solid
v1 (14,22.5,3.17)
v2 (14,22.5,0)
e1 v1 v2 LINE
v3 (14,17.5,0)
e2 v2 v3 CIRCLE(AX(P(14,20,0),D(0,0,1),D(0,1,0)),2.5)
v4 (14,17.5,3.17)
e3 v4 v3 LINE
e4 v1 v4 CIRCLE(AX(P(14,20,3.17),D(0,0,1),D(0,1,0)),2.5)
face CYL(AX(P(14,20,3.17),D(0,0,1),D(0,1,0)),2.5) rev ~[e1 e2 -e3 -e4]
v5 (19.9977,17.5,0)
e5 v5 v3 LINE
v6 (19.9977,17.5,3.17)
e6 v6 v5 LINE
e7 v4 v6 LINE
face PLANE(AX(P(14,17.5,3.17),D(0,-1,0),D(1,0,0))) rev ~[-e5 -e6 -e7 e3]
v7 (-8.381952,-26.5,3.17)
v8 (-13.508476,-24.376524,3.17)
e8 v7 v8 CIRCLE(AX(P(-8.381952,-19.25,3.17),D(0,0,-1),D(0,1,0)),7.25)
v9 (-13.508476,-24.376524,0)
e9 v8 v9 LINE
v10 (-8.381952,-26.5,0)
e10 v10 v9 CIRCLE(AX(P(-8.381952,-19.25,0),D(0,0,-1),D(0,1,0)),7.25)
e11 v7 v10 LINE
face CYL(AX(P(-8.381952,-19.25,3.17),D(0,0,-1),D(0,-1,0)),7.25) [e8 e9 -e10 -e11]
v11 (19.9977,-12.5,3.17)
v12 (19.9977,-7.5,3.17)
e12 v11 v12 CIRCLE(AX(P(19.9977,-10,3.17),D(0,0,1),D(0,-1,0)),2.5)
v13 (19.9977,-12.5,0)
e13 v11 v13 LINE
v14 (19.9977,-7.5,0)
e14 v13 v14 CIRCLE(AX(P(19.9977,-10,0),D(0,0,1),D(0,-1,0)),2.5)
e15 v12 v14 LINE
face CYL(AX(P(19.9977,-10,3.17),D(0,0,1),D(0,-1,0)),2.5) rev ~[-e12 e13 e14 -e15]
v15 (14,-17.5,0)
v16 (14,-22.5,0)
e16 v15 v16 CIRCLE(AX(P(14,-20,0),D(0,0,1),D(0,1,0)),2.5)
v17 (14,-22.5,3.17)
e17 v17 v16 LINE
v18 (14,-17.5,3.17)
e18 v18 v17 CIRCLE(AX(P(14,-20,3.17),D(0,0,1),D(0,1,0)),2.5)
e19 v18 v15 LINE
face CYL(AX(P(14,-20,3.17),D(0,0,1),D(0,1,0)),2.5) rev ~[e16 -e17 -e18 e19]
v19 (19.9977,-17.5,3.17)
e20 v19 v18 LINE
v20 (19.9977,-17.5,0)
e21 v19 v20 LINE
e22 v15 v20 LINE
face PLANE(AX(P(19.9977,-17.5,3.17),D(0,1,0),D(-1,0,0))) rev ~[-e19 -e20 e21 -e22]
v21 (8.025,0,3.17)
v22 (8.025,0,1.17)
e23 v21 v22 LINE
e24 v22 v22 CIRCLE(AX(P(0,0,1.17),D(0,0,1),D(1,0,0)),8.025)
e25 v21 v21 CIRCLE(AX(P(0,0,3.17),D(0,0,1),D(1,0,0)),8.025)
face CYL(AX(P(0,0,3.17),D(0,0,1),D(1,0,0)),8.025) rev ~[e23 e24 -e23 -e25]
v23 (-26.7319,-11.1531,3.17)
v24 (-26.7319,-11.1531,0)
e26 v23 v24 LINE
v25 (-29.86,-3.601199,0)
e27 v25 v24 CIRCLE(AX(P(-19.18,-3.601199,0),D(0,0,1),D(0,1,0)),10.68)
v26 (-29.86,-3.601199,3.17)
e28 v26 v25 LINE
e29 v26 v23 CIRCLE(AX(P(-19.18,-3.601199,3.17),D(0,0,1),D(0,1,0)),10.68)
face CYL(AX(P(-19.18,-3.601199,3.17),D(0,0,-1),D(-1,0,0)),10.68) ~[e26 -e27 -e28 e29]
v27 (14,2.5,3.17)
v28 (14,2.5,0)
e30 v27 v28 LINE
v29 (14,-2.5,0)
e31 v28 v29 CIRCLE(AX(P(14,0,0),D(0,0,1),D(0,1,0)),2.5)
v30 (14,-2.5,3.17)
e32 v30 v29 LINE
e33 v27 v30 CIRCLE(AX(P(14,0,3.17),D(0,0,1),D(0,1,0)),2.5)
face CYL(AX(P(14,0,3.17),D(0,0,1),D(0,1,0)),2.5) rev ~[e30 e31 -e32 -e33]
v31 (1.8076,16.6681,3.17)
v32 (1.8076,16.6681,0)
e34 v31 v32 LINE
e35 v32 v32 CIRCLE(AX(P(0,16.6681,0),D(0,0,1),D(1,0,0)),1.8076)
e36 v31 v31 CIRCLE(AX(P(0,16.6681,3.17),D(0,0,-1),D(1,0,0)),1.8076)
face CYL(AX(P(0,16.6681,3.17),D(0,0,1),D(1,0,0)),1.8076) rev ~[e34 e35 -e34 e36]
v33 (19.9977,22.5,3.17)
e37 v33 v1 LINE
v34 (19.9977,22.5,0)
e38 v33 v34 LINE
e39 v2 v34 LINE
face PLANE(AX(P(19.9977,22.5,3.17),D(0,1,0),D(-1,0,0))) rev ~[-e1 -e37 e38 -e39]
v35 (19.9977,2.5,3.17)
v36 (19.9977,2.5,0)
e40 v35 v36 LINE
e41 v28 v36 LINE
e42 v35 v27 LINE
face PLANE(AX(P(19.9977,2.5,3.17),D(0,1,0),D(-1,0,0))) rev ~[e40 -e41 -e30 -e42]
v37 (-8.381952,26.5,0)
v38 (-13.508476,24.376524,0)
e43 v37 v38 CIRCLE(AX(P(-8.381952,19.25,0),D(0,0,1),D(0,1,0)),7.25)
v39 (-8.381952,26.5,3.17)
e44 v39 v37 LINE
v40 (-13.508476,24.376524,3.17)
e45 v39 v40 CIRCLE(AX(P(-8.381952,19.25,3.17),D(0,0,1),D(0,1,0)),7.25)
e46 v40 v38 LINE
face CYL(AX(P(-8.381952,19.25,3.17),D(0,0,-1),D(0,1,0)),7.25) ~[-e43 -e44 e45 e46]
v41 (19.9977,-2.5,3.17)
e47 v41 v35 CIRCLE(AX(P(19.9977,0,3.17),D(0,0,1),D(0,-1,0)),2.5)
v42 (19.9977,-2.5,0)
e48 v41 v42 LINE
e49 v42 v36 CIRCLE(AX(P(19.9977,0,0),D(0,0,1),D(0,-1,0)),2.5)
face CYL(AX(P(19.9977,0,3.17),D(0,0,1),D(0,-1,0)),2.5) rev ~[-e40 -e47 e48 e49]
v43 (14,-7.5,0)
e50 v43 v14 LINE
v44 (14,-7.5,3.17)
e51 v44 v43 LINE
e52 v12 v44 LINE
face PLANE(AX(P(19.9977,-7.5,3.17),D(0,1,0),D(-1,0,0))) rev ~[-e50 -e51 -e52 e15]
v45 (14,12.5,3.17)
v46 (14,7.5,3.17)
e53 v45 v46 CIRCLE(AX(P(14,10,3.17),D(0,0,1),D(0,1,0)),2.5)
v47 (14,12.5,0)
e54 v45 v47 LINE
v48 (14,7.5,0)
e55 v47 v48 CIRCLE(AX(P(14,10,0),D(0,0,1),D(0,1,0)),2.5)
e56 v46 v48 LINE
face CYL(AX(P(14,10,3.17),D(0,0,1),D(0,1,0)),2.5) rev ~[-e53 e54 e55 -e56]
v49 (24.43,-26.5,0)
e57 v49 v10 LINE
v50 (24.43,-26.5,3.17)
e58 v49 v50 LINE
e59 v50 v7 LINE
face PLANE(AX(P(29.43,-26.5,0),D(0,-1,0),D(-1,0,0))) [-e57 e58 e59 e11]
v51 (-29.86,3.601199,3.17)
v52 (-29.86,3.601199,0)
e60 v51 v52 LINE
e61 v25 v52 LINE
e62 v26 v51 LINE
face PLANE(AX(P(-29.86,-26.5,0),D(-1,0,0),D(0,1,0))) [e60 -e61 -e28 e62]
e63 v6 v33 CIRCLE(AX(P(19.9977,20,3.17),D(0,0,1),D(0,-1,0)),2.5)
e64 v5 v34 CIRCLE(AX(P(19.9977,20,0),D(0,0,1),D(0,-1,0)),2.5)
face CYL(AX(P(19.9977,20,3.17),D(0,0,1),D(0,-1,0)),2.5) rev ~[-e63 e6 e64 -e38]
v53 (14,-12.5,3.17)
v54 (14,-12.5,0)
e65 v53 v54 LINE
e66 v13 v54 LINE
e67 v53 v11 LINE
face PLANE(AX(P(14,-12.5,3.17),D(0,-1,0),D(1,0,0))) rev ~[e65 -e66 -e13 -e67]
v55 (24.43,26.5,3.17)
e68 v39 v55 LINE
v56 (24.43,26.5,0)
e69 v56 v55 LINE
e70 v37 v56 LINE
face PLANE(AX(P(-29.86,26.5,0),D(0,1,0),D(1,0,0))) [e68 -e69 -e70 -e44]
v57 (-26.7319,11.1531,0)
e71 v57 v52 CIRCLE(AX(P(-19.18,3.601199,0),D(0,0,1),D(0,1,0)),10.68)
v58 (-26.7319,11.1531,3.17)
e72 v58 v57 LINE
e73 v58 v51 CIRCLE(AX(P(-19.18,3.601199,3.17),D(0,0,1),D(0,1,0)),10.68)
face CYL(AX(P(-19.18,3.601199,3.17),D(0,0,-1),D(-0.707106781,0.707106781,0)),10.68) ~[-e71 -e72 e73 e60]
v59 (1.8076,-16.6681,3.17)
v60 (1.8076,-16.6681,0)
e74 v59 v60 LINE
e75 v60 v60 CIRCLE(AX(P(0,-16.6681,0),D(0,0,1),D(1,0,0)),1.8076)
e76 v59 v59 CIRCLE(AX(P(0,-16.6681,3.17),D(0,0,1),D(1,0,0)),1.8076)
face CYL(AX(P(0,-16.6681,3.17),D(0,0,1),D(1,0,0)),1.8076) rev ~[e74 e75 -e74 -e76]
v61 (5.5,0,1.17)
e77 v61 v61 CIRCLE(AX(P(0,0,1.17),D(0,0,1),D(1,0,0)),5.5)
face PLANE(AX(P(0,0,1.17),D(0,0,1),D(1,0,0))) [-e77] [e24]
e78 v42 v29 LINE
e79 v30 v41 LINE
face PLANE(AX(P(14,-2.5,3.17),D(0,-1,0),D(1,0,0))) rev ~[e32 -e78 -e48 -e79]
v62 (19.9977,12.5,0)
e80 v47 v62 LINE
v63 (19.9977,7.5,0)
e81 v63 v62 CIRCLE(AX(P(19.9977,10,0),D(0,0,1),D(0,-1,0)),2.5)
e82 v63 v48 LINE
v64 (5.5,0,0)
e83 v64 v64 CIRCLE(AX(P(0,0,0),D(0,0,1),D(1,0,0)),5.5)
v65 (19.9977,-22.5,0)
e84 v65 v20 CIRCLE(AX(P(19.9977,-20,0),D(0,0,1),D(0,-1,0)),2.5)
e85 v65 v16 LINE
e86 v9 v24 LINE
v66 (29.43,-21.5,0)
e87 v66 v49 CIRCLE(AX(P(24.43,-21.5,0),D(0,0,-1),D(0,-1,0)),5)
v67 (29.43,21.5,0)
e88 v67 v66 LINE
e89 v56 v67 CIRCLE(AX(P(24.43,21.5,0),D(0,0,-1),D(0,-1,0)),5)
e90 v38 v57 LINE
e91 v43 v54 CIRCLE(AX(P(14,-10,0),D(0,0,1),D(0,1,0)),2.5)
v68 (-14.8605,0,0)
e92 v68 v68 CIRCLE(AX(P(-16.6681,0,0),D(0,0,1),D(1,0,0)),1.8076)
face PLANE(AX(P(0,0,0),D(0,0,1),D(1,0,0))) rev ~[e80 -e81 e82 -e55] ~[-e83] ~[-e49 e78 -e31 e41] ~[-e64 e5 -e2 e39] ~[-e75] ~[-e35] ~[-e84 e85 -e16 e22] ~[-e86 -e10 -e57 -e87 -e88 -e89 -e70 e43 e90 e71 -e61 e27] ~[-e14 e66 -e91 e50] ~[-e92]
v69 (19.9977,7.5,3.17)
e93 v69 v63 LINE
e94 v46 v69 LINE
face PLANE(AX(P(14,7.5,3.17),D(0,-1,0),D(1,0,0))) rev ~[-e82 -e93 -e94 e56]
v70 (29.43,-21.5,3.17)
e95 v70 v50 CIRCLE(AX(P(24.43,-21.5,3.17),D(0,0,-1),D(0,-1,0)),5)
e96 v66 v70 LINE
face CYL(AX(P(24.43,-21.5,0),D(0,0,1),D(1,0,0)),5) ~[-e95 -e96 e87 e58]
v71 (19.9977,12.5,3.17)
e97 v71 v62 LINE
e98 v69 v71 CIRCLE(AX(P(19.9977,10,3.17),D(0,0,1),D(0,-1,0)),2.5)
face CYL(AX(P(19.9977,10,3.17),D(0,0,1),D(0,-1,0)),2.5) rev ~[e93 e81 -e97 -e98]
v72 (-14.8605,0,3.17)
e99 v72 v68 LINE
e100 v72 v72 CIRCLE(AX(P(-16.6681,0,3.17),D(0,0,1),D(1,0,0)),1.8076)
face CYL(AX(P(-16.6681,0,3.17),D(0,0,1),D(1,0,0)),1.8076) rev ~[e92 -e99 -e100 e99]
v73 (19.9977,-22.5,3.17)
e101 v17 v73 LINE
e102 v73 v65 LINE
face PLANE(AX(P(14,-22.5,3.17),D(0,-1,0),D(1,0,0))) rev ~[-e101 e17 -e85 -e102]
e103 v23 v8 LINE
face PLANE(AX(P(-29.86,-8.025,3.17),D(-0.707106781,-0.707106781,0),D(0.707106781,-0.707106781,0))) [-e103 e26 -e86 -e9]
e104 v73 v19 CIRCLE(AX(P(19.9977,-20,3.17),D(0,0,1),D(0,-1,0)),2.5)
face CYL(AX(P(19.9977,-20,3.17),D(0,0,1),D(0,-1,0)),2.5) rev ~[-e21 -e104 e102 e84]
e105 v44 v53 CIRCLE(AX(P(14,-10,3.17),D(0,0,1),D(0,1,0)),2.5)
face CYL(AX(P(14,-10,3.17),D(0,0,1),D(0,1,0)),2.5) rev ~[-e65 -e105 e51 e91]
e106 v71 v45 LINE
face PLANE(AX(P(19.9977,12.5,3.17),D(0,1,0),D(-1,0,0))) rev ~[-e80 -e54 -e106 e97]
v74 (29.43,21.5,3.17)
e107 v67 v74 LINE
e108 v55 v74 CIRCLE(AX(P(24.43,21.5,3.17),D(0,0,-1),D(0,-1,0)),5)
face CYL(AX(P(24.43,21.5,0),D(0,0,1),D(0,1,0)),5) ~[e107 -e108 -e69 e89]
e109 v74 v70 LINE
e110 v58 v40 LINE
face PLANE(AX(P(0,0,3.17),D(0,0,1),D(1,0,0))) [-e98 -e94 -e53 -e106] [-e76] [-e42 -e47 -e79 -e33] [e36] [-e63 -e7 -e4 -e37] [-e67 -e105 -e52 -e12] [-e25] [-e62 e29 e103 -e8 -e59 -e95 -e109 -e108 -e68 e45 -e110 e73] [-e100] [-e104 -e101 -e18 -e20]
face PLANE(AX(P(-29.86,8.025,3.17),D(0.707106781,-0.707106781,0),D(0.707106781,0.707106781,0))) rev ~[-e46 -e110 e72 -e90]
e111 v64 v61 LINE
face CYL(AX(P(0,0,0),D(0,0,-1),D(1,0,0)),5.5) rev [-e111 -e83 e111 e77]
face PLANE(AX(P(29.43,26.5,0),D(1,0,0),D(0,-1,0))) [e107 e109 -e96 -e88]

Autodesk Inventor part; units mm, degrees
ref_plane "YZ Plane" through (0, 0, 0) normal (1, 0, 0) x (0, 1, 0)
ref_plane "XZ Plane" through (0, 0, 0) normal (0, 1, 0) x (-1, 0, 0)
ref_plane "XY Plane" through (0, 0, 0) normal (0, 0, 1) x (1, 0, 0)
sketch "Sketch1" plane through (0, 0, 0) normal (0, 0, 1) x (1, 0, 0)
  line L0 (-29.86, 26.5) -> (29.43, 26.5)
  line L1 (29.43, 26.5) -> (29.43, -26.5)
  line L2 (29.43, -26.5) -> (-29.86, -26.5)
  line L3 (-29.86, -26.5) -> (-29.86, 26.5)
  line L4 (-29.86, 0) -> (29.43, 0) construction
  circle A0 centre (0, 0) radius 5.5
  dimension "d0" = 29.86
  dimension "d1" = 59.29
  dimension "d2" = 53
  dimension "d3" = 11
extrude "Extrusion1" add sketch "Sketch1" along normal blind 3.17
sketch "Sketch2" plane through (0, 0, 3.17) normal (0, 0, 1) x (1, 0, 0)
  circle A0 centre (0, 0) radius 5.5 projected
  line L0 (29.43, -26.5) -> (29.43, 26.5) projected
  line L1 (0, 0) -> (0, 49.2966)
  circle A1 centre (0, 16.6681) radius 1.8076
  circle A2 centre (-16.6681, 0) radius 1.8076
  circle A3 centre (0, -16.6681) radius 1.8076
  dimension "d8" = 180
extrude "Extrusion2" cut sketch "Sketch2" against normal up to next contours A1 L1 | L1 A1 | A2 | A3
sketch "Sketch3" plane through (0, 0, 3.17) normal (0, 0, 1) x (1, 0, 0)
  circle A0 centre (0, 0) radius 5.5 projected
  circle A1 centre (0, 0) radius 8.025
  dimension "d12" = 16.05
extrude "Extrusion3" cut sketch "Sketch3" against normal blind 2
sketch "Sketch4" plane through (0, 0, 3.17) normal (0, 0, 1) x (1, 0, 0)
  line L0 (29.43, 26.5) -> (-29.86, 26.5) projected
  line L1 (-29.86, 26.5) -> (-29.86, -26.5) projected
  line L2 (29.43, -26.5) -> (29.43, 26.5) projected
  line L3 (14, 0) -> (19.9977, 0) construction
  line L4 (14, -2.5) -> (19.9977, -2.5)
  line L5 (19.9977, 2.5) -> (14, 2.5)
  arc A0 (14, 2.5) -> (14, -2.5) centre (14, 0) ccw
  arc A1 (19.9977, -2.5) -> (19.9977, 2.5) centre (19.9977, 0) ccw
  line L6 (14, 10) -> (19.9977, 10) construction
  line L7 (14, 7.5) -> (19.9977, 7.5)
  line L8 (19.9977, 12.5) -> (14, 12.5)
  arc A2 (14, 12.5) -> (14, 7.5) centre (14, 10) ccw
  arc A3 (19.9977, 7.5) -> (19.9977, 12.5) centre (19.9977, 10) ccw
  line L9 (14, 20) -> (19.9977, 20) construction
  line L10 (14, 17.5) -> (19.9977, 17.5)
  line L11 (19.9977, 22.5) -> (14, 22.5)
  arc A4 (14, 22.5) -> (14, 17.5) centre (14, 20) ccw
  arc A5 (19.9977, 17.5) -> (19.9977, 22.5) centre (19.9977, 20) ccw
  line L12 (14, -10) -> (19.9977, -10) construction
  line L13 (14, -12.5) -> (19.9977, -12.5)
  line L14 (19.9977, -7.5) -> (14, -7.5)
  arc A6 (14, -7.5) -> (14, -12.5) centre (14, -10) ccw
  arc A7 (19.9977, -12.5) -> (19.9977, -7.5) centre (19.9977, -10) ccw
  line L15 (14, 0) -> (19.9977, 0) construction
  line L16 (14, -2.5) -> (19.9977, -2.5)
  line L17 (19.9977, 2.5) -> (14, 2.5)
  arc A8 (14, 2.5) -> (14, -2.5) centre (14, 0) ccw
  arc A9 (19.9977, -2.5) -> (19.9977, 2.5) centre (19.9977, 0) ccw
  line L18 (14, 10) -> (19.9977, 10) construction
  line L19 (14, 7.5) -> (19.9977, 7.5)
  line L20 (19.9977, 12.5) -> (14, 12.5)
  arc A10 (14, 12.5) -> (14, 7.5) centre (14, 10) ccw
  arc A11 (19.9977, 7.5) -> (19.9977, 12.5) centre (19.9977, 10) ccw
  line L21 (14, -20) -> (19.9977, -20) construction
  line L22 (14, -22.5) -> (19.9977, -22.5)
  line L23 (19.9977, -17.5) -> (14, -17.5)
  arc A12 (14, -17.5) -> (14, -22.5) centre (14, -20) ccw
  arc A13 (19.9977, -22.5) -> (19.9977, -17.5) centre (19.9977, -20) ccw
  line L24 (14, -10) -> (19.9977, -10) construction
  line L25 (14, -12.5) -> (19.9977, -12.5)
  line L26 (19.9977, -7.5) -> (14, -7.5)
  arc A14 (14, -7.5) -> (14, -12.5) centre (14, -10) ccw
  arc A15 (19.9977, -12.5) -> (19.9977, -7.5) centre (19.9977, -10) ccw
  line L27 (14, 0) -> (19.9977, 0) construction
  line L28 (14, -2.5) -> (19.9977, -2.5)
  line L29 (19.9977, 2.5) -> (14, 2.5)
  arc A16 (14, 2.5) -> (14, -2.5) centre (14, 0) ccw
  arc A17 (19.9977, -2.5) -> (19.9977, 2.5) centre (19.9977, 0) ccw
  point P0 (16.9988, 0)
  point P1 (16.9988, 10)
  point P2 (16.9988, 20)
  point P3 (16.9988, -10)
  point P4 (16.9988, 0)
  point P5 (16.9988, 10)
  point P6 (16.9988, -20)
  point P7 (16.9988, -10)
  point P8 (16.9988, 0)
  dimension "d15" = 5
  dimension "d16" = 43.86
  dimension "d19" = 10
  dimension "d22" = 10
extrude "Extrusion4" cut sketch "Sketch4" against normal up to next
sketch "Sketch5" plane through (0, 0, 3.17) normal (0, 0, 1) x (1, 0, 0)
  line L0 (29.43, 26.5) -> (-29.86, 26.5) projected
  line L1 (-29.86, 26.5) -> (-29.86, -26.5) projected
  line L2 (-29.86, -26.5) -> (29.43, -26.5) projected
  line L3 (-29.86, 8.025) -> (-11.385, 26.5)
  line L4 (-29.86, 8.025) -> (-3.7324, 8.025) construction
  line L5 (-29.86, -8.025) -> (-11.385, -26.5)
  dimension "d27" = 45
extrude "Extrusion5" cut sketch "Sketch5" against normal up to next
fillet "Fillet1" radius 7.25 2 edges at (-11.385, -26.5, 1.585) (-11.385, 26.5, 1.585)
fillet "Fillet2" radius 10.68 2 edges at (-29.86, -8.025, 1.585) (-29.86, 8.025, 1.585)
fillet "Fillet3" radius 5 2 edges at (29.43, 26.5, 1.585) (29.43, -26.5, 1.585)
properties part number "VSLOT Threaded Rod Plate"
